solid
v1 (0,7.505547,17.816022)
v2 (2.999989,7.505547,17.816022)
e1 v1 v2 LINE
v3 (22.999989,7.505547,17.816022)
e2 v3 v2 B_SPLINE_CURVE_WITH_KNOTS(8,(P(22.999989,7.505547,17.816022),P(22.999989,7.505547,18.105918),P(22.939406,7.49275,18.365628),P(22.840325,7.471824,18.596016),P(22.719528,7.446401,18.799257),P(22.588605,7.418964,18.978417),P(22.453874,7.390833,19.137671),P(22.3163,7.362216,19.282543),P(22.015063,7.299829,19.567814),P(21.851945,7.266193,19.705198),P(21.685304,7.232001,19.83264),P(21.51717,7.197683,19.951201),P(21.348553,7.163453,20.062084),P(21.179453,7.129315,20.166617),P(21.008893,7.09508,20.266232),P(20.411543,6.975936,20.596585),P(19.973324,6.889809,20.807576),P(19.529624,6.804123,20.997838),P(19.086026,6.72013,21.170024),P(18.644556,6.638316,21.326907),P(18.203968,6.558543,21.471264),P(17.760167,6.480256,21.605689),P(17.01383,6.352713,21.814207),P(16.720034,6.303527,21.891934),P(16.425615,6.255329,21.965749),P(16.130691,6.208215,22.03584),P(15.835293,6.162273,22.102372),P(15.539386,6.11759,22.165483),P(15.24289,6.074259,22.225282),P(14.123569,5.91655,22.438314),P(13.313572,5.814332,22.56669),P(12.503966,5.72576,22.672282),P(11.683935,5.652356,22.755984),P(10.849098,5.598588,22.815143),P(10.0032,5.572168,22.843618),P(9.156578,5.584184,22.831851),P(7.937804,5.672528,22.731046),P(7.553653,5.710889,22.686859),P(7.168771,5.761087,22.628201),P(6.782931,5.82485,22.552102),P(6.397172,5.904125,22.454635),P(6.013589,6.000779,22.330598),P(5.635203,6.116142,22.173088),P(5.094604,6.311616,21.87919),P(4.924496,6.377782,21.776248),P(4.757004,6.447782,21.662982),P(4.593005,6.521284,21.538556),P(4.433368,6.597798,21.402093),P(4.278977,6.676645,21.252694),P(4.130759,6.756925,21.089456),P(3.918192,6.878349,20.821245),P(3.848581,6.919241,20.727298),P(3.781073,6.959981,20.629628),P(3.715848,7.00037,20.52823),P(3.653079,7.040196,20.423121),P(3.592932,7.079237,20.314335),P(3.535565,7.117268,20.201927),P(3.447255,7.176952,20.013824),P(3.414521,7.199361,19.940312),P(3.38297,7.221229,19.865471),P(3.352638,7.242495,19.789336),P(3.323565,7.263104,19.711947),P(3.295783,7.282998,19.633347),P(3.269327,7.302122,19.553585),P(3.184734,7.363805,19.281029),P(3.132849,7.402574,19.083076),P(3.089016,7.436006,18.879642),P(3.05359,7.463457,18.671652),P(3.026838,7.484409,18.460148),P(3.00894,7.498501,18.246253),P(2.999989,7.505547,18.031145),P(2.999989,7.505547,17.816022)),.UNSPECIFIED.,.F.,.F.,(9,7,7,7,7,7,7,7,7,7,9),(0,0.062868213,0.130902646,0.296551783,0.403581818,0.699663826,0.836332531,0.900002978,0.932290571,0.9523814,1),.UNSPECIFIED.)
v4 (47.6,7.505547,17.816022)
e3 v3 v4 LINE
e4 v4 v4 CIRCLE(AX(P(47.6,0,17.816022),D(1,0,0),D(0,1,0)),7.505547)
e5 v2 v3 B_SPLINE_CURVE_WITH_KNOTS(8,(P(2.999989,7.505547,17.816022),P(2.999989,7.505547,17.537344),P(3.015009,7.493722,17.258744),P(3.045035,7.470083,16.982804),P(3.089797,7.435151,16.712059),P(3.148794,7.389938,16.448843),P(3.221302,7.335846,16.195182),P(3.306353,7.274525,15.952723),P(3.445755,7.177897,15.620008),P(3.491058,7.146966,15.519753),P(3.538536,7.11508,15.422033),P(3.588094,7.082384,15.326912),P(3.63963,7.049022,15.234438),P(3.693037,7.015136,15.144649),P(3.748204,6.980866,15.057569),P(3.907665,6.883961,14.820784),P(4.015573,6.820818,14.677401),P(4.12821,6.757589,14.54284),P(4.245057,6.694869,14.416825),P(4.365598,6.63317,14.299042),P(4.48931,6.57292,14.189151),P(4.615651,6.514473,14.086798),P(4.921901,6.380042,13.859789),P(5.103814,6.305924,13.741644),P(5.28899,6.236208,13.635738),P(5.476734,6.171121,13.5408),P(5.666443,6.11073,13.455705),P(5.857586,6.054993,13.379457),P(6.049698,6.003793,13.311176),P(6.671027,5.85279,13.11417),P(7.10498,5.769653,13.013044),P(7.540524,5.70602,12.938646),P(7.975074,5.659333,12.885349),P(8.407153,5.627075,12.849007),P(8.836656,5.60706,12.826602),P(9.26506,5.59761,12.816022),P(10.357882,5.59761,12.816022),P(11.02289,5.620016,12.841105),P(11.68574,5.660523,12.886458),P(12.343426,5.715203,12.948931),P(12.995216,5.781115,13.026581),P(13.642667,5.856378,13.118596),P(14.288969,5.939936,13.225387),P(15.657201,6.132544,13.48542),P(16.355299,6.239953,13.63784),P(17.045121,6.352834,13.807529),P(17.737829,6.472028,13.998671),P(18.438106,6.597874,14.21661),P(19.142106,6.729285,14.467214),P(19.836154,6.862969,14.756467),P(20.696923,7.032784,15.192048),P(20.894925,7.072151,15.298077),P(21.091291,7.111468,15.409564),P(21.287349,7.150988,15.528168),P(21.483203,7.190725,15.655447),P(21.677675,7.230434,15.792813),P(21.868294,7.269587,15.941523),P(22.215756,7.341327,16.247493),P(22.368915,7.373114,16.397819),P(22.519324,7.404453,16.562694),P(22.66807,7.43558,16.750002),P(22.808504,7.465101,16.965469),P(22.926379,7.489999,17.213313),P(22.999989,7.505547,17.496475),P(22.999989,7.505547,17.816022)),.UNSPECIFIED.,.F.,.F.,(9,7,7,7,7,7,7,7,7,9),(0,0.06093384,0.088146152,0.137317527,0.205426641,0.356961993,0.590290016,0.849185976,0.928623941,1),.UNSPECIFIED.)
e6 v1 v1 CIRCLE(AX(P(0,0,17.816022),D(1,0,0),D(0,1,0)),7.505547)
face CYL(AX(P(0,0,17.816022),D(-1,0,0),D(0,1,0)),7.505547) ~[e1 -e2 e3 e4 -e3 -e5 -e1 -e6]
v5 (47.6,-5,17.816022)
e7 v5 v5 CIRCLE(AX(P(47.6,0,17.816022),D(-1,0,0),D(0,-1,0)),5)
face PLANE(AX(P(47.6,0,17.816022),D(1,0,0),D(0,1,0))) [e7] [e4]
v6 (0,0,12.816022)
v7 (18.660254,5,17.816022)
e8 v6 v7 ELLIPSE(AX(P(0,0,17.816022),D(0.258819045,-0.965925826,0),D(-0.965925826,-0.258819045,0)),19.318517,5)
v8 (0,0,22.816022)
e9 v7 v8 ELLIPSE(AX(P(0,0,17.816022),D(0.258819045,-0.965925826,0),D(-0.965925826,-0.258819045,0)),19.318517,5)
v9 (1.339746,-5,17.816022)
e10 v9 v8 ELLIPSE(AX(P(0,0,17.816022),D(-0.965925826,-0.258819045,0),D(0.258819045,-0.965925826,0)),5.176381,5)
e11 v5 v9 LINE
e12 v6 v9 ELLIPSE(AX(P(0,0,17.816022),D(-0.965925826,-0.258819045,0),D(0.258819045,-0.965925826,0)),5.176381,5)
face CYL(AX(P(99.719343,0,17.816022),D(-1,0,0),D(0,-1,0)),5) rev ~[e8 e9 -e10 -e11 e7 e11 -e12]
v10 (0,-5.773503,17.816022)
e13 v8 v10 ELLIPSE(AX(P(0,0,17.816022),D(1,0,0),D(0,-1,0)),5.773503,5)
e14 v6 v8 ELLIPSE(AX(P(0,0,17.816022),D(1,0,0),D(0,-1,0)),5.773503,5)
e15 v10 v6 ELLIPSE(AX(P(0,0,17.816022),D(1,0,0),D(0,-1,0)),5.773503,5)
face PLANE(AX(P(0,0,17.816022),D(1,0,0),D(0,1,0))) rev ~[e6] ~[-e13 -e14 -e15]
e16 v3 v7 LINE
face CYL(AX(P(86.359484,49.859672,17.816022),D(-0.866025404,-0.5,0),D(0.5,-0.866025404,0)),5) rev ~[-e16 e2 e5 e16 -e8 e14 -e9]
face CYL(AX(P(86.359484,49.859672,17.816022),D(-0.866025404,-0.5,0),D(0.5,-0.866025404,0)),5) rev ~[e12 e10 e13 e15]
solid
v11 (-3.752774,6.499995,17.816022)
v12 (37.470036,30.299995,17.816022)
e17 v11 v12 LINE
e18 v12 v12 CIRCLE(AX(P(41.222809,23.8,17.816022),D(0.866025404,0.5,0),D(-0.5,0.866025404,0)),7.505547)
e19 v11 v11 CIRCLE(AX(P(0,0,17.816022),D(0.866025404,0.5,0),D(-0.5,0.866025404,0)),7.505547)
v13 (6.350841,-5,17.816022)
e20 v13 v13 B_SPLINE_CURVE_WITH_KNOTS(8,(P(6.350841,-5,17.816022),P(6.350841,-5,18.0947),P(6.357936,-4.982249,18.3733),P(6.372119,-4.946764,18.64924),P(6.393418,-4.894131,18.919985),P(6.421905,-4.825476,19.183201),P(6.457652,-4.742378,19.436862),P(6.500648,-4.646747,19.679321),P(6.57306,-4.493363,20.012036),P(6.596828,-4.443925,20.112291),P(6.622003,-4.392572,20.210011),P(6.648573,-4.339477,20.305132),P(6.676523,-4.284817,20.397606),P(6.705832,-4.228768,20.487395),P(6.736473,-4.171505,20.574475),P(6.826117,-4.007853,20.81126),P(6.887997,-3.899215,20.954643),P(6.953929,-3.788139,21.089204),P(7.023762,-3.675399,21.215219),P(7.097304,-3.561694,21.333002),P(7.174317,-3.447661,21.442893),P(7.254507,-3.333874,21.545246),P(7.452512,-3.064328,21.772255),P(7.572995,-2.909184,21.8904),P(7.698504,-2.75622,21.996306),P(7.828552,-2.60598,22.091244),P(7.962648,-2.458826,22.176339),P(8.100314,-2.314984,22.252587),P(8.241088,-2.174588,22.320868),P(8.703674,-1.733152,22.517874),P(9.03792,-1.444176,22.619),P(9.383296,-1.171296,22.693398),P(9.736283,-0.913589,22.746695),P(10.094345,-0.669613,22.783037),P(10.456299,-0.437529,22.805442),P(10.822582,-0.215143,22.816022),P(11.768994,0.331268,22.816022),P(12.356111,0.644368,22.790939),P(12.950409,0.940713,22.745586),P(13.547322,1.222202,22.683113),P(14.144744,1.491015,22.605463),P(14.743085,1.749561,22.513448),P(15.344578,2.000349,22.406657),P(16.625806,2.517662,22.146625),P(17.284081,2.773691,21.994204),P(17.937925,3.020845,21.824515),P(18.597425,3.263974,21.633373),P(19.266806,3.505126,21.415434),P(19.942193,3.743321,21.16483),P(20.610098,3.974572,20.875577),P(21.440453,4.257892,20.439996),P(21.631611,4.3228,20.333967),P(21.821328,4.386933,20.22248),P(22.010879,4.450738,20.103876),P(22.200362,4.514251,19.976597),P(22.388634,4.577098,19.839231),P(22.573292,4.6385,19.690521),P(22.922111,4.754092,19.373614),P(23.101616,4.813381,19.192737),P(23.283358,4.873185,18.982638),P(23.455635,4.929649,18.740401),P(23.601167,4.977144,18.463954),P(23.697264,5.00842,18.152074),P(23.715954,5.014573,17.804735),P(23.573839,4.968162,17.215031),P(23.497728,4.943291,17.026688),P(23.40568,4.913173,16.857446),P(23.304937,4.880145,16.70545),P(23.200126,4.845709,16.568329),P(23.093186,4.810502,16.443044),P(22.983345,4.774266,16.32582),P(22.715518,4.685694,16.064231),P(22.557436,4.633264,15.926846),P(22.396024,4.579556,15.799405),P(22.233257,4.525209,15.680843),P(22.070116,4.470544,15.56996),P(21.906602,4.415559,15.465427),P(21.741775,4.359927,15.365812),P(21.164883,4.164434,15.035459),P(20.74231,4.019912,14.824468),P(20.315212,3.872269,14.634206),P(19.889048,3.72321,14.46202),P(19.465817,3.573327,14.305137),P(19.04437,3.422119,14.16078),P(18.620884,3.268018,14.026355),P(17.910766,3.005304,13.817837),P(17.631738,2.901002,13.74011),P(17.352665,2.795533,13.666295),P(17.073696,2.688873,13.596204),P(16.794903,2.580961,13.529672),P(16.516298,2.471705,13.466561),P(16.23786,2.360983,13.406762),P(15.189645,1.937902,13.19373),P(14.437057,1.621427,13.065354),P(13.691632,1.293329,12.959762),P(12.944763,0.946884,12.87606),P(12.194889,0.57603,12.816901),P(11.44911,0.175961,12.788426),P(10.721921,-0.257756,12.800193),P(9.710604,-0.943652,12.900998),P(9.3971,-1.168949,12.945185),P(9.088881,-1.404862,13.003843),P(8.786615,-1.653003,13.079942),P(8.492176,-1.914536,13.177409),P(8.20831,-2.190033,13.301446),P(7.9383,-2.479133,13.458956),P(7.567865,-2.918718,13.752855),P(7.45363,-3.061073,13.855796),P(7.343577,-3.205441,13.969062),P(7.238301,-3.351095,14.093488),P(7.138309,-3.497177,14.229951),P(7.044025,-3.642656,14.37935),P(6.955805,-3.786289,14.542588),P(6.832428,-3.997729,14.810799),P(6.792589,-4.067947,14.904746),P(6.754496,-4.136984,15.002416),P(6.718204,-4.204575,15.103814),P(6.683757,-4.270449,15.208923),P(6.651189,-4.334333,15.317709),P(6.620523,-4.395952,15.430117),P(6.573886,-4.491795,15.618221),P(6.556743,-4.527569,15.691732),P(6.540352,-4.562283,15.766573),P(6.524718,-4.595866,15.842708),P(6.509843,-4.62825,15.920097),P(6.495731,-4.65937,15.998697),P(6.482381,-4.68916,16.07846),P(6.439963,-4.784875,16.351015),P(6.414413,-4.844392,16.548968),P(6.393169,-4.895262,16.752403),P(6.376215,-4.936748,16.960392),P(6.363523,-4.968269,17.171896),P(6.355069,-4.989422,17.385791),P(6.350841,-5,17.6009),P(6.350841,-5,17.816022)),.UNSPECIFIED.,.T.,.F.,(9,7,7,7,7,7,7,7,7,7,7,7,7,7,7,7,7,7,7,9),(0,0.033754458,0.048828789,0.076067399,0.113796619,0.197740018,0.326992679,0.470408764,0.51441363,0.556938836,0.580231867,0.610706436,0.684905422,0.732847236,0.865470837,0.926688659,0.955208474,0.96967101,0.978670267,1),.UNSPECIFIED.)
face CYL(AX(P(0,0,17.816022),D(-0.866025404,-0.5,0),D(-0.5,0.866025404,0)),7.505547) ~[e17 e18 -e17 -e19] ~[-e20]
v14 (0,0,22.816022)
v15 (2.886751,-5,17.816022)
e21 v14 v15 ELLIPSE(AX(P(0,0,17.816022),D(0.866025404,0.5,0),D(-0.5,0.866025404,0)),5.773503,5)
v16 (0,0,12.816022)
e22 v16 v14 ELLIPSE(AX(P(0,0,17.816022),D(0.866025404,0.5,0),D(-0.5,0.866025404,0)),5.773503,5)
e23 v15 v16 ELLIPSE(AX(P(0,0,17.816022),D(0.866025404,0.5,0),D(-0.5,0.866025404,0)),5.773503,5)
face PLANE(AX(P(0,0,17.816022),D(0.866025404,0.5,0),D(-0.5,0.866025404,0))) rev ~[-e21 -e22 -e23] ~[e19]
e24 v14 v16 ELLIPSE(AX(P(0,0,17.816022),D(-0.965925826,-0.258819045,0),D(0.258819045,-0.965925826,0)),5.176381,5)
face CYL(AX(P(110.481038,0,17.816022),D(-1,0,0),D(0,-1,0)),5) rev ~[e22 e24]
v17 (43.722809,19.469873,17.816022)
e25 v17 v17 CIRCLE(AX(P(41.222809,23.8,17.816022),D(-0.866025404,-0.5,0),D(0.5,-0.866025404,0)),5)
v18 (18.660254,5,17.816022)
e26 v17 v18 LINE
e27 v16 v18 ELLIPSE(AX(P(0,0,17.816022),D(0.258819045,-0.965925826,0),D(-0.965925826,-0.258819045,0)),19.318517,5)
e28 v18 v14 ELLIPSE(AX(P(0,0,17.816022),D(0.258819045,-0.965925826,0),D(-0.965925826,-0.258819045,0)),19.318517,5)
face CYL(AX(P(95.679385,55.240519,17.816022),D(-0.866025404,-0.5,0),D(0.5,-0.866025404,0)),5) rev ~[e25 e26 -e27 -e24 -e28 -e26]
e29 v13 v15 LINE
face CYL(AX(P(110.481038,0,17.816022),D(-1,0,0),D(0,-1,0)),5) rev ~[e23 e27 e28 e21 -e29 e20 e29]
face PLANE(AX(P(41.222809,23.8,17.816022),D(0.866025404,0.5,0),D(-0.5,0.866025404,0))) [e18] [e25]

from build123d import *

# Parameters (mm, degrees)
F0_R         = 7.5055473268
F1_DEPTH     = 47.6
F3_ANGLE     = 30
F6_D         = 10
F6_2_D       = 10
F6_ON_F4_D   = 10
F6_ON_F4_2_D = 10


with BuildPart() as f1:
    # F0 (on Right) → F1 (new body)
    with BuildSketch(Plane.YZ):
        with Locations((0, 17.8160220385)):
            Circle(F0_R)
    extrude(amount=F1_DEPTH)


with BuildPart() as f3_1:
    # F3: copy of F1
    add(f1.part.rotate(Axis((0, 0, 19.100047648), (0, 0, 1)), F3_ANGLE))

    # F6#2 (through all)
    with Locations(Plane(origin=(41.2228092201, 23.8, 0), x_dir=(-0.5, 0.8660254038, 0), z_dir=(0.8660254038, 0.5, 0))):
        with Locations((0, 17.8160220385)):
            Hole(F6_2_D / 2)

    # F6 on F4#2 (through all)
    with Locations(Plane.YZ.offset(47.6)):
        with Locations((0, 17.8160220385)):
            Hole(F6_ON_F4_2_D / 2)


with BuildPart() as f1_1:
    add(f1.part)

    # F6 (through all)
    with Locations(Plane(origin=(41.2228092201, 23.8, 0), x_dir=(-0.5, 0.8660254038, 0), z_dir=(0.8660254038, 0.5, 0))):
        with Locations((0, 17.8160220385)):
            Hole(F6_D / 2)

    # F6 on F4 (through all)
    with Locations(Plane.YZ.offset(47.6)):
        with Locations((0, 17.8160220385)):
            Hole(F6_ON_F4_D / 2)


solid = Compound([f3_1.part, f1_1.part])
